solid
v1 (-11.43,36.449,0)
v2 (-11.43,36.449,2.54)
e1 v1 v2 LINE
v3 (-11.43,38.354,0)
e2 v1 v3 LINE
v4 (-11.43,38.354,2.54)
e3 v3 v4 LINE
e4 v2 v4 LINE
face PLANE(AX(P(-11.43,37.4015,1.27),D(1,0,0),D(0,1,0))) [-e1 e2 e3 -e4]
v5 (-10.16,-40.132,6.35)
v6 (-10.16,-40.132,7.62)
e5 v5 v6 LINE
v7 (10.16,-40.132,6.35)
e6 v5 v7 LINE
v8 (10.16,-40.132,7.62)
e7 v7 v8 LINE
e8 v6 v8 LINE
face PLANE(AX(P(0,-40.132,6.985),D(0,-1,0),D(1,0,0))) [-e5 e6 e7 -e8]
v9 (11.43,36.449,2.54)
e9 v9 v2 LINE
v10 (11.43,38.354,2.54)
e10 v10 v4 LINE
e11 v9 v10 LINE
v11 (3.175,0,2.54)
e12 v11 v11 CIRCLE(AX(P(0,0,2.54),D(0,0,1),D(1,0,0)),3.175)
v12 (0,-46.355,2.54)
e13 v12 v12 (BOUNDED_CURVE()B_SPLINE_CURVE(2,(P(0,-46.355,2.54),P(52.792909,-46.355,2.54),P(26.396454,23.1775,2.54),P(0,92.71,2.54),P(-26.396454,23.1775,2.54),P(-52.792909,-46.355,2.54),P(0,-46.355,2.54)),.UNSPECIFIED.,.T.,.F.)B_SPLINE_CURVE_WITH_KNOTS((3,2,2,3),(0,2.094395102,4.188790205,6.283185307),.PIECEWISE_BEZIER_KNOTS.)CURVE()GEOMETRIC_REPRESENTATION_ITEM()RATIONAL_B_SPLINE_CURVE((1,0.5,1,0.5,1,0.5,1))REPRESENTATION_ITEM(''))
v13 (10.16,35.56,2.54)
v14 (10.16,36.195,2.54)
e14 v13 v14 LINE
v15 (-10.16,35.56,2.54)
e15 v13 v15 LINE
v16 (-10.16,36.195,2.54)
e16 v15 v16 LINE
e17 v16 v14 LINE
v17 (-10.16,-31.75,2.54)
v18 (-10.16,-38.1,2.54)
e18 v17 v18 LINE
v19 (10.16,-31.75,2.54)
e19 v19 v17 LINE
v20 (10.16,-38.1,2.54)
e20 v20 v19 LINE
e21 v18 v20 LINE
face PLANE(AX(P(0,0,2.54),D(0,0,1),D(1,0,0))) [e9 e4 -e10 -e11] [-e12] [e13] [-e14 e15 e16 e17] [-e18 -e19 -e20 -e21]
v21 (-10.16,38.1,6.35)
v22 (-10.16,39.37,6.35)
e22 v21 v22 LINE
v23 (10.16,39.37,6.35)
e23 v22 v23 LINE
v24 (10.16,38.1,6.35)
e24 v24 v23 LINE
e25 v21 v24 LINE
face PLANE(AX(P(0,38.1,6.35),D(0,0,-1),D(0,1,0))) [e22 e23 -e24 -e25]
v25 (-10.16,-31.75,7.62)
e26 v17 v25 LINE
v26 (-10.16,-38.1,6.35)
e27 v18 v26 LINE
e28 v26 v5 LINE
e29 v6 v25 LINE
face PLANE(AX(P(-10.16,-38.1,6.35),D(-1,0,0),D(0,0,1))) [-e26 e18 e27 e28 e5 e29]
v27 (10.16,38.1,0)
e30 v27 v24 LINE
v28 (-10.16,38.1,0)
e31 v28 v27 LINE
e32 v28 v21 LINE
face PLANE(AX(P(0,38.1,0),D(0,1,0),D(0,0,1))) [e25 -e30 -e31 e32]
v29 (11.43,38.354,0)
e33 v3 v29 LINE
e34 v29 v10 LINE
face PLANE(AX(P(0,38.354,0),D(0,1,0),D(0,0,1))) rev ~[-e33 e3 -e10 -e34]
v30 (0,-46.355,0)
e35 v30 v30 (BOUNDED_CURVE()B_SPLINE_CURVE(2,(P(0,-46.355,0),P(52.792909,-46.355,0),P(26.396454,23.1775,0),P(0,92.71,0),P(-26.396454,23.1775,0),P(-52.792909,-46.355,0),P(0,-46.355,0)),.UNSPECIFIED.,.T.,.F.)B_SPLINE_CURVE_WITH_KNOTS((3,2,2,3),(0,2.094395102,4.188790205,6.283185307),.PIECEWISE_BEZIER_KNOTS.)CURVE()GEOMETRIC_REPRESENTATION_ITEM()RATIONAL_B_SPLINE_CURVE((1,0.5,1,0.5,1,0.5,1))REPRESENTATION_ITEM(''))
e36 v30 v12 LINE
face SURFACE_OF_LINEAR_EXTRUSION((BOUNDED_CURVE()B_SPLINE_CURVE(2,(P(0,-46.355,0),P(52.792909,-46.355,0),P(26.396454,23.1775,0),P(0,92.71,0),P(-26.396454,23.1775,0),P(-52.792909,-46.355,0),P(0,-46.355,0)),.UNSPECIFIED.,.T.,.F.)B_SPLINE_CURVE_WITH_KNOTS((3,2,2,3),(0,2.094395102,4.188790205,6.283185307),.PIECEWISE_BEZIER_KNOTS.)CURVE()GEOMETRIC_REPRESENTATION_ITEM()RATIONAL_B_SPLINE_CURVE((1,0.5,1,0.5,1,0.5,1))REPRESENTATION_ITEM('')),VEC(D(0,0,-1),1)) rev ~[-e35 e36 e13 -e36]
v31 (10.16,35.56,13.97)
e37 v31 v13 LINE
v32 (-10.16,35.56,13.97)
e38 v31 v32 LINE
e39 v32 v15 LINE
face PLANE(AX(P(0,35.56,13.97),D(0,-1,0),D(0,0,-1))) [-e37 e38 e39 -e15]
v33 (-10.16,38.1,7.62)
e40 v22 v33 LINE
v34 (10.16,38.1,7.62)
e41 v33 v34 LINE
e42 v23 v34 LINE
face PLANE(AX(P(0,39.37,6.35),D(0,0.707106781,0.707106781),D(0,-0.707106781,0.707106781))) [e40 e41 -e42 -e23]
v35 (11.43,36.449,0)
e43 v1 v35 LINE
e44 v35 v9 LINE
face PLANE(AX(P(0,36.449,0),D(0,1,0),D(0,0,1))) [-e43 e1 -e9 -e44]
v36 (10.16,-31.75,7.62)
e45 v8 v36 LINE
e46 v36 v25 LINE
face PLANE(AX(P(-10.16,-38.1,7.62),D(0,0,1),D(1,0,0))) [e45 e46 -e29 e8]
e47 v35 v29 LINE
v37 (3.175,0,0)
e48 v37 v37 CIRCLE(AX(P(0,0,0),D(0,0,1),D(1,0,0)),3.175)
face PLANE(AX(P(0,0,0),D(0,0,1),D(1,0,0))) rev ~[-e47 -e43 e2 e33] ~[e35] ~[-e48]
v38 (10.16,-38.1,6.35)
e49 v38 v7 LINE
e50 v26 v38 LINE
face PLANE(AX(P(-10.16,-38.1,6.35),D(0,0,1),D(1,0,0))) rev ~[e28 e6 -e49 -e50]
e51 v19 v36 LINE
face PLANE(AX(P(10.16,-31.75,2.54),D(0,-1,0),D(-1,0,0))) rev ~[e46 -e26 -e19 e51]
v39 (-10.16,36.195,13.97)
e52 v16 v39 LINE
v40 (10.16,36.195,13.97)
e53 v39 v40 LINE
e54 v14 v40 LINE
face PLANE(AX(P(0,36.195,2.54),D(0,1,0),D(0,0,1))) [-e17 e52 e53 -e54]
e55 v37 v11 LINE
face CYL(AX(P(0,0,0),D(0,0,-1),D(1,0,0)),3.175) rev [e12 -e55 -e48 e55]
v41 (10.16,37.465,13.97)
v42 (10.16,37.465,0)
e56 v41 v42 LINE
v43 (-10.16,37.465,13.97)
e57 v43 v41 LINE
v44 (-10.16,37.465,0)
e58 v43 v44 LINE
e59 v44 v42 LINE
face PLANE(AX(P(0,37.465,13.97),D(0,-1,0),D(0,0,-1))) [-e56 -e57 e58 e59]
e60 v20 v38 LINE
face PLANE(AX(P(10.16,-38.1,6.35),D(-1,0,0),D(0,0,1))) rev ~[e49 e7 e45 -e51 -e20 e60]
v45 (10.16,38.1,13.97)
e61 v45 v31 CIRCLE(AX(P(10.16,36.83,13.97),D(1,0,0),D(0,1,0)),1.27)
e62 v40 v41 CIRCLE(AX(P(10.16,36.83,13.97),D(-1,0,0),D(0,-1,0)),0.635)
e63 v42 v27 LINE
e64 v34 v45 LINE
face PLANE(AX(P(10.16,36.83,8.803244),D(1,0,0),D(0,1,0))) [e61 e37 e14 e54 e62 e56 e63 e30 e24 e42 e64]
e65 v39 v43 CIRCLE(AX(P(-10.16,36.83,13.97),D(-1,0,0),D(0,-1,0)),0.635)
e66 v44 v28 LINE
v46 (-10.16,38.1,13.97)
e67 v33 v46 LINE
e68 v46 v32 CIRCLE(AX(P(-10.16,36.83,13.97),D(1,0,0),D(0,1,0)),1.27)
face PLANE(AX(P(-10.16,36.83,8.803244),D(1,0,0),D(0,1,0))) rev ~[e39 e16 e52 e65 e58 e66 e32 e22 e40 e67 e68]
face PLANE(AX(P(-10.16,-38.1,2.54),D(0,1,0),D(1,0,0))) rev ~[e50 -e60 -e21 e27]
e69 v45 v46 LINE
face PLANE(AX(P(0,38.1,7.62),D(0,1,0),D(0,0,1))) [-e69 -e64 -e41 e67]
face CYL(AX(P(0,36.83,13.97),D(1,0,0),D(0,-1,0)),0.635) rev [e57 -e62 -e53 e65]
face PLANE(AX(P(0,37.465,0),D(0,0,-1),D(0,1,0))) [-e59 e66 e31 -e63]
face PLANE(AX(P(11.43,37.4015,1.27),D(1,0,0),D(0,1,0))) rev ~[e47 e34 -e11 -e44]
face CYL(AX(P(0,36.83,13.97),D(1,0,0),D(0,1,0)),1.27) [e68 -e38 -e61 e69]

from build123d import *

# Parameters (mm, degrees)
F0_R     = 3.175
F1_DEPTH = 2.54
F3_DEPTH = 5.08
F4_W     = 20.32
F4_H     = 1.27
F5_DEPTH = 2.032
F6_W     = 1.905
F6_H     = 2.54
F7_DEPTH = 11.43
F8_W     = 0.635
F8_H     = 2.54
F9_DEPTH = 10.16


with BuildPart() as f1:
    # F0 (on Top) → F1 (new body)
    with BuildSketch(Plane.XY):
        with BuildLine():
            add(Edge.make_bspline(
                [(0, -46.355), (52.7929086147, -46.355), (26.3964543073, 23.1775), (0, 92.71), (-26.3964543073, 23.1775), (-52.7929086147, -46.355), (0, -46.355)],
                knots=[0, 0, 0, 2.0943951024, 2.0943951024, 4.1887902048, 4.1887902048, 6.2831853072, 6.2831853072, 6.2831853072], degree=2, weights=[1, 0.5, 1, 0.5, 1, 0.5, 1]))
        make_face()
        Circle(F0_R, mode=Mode.SUBTRACT)
    extrude(amount=F1_DEPTH)

    # F2 (on face) → F3 (join)
    with BuildSketch(Plane.XY.offset(2.54)):
        Polygon((10.16, -31.75), (-10.16, -31.75), (-10.16, -38.1), (0, -38.1), (10.16, -38.1), align=None)
    extrude(amount=F3_DEPTH)

    # F4 (on face) → F5 (join)
    with BuildSketch(Plane.XZ.offset(38.1)):
        with Locations((0, 6.985)):
            Rectangle(F4_W, F4_H)
    extrude(amount=F5_DEPTH)

    # F6 (on Right) → F7 (cut, symmetric)
    with BuildSketch(Plane.YZ):
        with Locations((37.4015, 1.27)):
            Rectangle(F6_W, F6_H)
    extrude(amount=F7_DEPTH, both=True, mode=Mode.SUBTRACT)

    # F8 (on Right) → F9 (join, symmetric)
    with BuildSketch(Plane.YZ):
        with BuildLine():
            Line((35.56, 2.54), (36.195, 2.54))
            Line((36.195, 2.54), (36.195, 13.97))
            ThreePointArc((36.195, 13.97), (36.83, 14.605), (37.465, 13.97))
            Line((37.465, 13.97), (37.465, 2.54))
            Line((37.465, 2.54), (38.1, 2.54))
            Line((38.1, 2.54), (38.1, 6.35))
            Line((38.1, 6.35), (38.1, 7.62))
            Line((38.1, 7.62), (38.1, 13.97))
            ThreePointArc((38.1, 13.97), (36.83, 15.24), (35.56, 13.97))
            Line((35.56, 13.97), (35.56, 2.54))
        make_face()
        Polygon((38.1, 7.62), (38.1, 6.35), (39.37, 6.35), align=None)
        with Locations((37.7825, 1.27)):
            Rectangle(F8_W, F8_H)
    extrude(amount=F9_DEPTH, both=True)


solid = f1.part
